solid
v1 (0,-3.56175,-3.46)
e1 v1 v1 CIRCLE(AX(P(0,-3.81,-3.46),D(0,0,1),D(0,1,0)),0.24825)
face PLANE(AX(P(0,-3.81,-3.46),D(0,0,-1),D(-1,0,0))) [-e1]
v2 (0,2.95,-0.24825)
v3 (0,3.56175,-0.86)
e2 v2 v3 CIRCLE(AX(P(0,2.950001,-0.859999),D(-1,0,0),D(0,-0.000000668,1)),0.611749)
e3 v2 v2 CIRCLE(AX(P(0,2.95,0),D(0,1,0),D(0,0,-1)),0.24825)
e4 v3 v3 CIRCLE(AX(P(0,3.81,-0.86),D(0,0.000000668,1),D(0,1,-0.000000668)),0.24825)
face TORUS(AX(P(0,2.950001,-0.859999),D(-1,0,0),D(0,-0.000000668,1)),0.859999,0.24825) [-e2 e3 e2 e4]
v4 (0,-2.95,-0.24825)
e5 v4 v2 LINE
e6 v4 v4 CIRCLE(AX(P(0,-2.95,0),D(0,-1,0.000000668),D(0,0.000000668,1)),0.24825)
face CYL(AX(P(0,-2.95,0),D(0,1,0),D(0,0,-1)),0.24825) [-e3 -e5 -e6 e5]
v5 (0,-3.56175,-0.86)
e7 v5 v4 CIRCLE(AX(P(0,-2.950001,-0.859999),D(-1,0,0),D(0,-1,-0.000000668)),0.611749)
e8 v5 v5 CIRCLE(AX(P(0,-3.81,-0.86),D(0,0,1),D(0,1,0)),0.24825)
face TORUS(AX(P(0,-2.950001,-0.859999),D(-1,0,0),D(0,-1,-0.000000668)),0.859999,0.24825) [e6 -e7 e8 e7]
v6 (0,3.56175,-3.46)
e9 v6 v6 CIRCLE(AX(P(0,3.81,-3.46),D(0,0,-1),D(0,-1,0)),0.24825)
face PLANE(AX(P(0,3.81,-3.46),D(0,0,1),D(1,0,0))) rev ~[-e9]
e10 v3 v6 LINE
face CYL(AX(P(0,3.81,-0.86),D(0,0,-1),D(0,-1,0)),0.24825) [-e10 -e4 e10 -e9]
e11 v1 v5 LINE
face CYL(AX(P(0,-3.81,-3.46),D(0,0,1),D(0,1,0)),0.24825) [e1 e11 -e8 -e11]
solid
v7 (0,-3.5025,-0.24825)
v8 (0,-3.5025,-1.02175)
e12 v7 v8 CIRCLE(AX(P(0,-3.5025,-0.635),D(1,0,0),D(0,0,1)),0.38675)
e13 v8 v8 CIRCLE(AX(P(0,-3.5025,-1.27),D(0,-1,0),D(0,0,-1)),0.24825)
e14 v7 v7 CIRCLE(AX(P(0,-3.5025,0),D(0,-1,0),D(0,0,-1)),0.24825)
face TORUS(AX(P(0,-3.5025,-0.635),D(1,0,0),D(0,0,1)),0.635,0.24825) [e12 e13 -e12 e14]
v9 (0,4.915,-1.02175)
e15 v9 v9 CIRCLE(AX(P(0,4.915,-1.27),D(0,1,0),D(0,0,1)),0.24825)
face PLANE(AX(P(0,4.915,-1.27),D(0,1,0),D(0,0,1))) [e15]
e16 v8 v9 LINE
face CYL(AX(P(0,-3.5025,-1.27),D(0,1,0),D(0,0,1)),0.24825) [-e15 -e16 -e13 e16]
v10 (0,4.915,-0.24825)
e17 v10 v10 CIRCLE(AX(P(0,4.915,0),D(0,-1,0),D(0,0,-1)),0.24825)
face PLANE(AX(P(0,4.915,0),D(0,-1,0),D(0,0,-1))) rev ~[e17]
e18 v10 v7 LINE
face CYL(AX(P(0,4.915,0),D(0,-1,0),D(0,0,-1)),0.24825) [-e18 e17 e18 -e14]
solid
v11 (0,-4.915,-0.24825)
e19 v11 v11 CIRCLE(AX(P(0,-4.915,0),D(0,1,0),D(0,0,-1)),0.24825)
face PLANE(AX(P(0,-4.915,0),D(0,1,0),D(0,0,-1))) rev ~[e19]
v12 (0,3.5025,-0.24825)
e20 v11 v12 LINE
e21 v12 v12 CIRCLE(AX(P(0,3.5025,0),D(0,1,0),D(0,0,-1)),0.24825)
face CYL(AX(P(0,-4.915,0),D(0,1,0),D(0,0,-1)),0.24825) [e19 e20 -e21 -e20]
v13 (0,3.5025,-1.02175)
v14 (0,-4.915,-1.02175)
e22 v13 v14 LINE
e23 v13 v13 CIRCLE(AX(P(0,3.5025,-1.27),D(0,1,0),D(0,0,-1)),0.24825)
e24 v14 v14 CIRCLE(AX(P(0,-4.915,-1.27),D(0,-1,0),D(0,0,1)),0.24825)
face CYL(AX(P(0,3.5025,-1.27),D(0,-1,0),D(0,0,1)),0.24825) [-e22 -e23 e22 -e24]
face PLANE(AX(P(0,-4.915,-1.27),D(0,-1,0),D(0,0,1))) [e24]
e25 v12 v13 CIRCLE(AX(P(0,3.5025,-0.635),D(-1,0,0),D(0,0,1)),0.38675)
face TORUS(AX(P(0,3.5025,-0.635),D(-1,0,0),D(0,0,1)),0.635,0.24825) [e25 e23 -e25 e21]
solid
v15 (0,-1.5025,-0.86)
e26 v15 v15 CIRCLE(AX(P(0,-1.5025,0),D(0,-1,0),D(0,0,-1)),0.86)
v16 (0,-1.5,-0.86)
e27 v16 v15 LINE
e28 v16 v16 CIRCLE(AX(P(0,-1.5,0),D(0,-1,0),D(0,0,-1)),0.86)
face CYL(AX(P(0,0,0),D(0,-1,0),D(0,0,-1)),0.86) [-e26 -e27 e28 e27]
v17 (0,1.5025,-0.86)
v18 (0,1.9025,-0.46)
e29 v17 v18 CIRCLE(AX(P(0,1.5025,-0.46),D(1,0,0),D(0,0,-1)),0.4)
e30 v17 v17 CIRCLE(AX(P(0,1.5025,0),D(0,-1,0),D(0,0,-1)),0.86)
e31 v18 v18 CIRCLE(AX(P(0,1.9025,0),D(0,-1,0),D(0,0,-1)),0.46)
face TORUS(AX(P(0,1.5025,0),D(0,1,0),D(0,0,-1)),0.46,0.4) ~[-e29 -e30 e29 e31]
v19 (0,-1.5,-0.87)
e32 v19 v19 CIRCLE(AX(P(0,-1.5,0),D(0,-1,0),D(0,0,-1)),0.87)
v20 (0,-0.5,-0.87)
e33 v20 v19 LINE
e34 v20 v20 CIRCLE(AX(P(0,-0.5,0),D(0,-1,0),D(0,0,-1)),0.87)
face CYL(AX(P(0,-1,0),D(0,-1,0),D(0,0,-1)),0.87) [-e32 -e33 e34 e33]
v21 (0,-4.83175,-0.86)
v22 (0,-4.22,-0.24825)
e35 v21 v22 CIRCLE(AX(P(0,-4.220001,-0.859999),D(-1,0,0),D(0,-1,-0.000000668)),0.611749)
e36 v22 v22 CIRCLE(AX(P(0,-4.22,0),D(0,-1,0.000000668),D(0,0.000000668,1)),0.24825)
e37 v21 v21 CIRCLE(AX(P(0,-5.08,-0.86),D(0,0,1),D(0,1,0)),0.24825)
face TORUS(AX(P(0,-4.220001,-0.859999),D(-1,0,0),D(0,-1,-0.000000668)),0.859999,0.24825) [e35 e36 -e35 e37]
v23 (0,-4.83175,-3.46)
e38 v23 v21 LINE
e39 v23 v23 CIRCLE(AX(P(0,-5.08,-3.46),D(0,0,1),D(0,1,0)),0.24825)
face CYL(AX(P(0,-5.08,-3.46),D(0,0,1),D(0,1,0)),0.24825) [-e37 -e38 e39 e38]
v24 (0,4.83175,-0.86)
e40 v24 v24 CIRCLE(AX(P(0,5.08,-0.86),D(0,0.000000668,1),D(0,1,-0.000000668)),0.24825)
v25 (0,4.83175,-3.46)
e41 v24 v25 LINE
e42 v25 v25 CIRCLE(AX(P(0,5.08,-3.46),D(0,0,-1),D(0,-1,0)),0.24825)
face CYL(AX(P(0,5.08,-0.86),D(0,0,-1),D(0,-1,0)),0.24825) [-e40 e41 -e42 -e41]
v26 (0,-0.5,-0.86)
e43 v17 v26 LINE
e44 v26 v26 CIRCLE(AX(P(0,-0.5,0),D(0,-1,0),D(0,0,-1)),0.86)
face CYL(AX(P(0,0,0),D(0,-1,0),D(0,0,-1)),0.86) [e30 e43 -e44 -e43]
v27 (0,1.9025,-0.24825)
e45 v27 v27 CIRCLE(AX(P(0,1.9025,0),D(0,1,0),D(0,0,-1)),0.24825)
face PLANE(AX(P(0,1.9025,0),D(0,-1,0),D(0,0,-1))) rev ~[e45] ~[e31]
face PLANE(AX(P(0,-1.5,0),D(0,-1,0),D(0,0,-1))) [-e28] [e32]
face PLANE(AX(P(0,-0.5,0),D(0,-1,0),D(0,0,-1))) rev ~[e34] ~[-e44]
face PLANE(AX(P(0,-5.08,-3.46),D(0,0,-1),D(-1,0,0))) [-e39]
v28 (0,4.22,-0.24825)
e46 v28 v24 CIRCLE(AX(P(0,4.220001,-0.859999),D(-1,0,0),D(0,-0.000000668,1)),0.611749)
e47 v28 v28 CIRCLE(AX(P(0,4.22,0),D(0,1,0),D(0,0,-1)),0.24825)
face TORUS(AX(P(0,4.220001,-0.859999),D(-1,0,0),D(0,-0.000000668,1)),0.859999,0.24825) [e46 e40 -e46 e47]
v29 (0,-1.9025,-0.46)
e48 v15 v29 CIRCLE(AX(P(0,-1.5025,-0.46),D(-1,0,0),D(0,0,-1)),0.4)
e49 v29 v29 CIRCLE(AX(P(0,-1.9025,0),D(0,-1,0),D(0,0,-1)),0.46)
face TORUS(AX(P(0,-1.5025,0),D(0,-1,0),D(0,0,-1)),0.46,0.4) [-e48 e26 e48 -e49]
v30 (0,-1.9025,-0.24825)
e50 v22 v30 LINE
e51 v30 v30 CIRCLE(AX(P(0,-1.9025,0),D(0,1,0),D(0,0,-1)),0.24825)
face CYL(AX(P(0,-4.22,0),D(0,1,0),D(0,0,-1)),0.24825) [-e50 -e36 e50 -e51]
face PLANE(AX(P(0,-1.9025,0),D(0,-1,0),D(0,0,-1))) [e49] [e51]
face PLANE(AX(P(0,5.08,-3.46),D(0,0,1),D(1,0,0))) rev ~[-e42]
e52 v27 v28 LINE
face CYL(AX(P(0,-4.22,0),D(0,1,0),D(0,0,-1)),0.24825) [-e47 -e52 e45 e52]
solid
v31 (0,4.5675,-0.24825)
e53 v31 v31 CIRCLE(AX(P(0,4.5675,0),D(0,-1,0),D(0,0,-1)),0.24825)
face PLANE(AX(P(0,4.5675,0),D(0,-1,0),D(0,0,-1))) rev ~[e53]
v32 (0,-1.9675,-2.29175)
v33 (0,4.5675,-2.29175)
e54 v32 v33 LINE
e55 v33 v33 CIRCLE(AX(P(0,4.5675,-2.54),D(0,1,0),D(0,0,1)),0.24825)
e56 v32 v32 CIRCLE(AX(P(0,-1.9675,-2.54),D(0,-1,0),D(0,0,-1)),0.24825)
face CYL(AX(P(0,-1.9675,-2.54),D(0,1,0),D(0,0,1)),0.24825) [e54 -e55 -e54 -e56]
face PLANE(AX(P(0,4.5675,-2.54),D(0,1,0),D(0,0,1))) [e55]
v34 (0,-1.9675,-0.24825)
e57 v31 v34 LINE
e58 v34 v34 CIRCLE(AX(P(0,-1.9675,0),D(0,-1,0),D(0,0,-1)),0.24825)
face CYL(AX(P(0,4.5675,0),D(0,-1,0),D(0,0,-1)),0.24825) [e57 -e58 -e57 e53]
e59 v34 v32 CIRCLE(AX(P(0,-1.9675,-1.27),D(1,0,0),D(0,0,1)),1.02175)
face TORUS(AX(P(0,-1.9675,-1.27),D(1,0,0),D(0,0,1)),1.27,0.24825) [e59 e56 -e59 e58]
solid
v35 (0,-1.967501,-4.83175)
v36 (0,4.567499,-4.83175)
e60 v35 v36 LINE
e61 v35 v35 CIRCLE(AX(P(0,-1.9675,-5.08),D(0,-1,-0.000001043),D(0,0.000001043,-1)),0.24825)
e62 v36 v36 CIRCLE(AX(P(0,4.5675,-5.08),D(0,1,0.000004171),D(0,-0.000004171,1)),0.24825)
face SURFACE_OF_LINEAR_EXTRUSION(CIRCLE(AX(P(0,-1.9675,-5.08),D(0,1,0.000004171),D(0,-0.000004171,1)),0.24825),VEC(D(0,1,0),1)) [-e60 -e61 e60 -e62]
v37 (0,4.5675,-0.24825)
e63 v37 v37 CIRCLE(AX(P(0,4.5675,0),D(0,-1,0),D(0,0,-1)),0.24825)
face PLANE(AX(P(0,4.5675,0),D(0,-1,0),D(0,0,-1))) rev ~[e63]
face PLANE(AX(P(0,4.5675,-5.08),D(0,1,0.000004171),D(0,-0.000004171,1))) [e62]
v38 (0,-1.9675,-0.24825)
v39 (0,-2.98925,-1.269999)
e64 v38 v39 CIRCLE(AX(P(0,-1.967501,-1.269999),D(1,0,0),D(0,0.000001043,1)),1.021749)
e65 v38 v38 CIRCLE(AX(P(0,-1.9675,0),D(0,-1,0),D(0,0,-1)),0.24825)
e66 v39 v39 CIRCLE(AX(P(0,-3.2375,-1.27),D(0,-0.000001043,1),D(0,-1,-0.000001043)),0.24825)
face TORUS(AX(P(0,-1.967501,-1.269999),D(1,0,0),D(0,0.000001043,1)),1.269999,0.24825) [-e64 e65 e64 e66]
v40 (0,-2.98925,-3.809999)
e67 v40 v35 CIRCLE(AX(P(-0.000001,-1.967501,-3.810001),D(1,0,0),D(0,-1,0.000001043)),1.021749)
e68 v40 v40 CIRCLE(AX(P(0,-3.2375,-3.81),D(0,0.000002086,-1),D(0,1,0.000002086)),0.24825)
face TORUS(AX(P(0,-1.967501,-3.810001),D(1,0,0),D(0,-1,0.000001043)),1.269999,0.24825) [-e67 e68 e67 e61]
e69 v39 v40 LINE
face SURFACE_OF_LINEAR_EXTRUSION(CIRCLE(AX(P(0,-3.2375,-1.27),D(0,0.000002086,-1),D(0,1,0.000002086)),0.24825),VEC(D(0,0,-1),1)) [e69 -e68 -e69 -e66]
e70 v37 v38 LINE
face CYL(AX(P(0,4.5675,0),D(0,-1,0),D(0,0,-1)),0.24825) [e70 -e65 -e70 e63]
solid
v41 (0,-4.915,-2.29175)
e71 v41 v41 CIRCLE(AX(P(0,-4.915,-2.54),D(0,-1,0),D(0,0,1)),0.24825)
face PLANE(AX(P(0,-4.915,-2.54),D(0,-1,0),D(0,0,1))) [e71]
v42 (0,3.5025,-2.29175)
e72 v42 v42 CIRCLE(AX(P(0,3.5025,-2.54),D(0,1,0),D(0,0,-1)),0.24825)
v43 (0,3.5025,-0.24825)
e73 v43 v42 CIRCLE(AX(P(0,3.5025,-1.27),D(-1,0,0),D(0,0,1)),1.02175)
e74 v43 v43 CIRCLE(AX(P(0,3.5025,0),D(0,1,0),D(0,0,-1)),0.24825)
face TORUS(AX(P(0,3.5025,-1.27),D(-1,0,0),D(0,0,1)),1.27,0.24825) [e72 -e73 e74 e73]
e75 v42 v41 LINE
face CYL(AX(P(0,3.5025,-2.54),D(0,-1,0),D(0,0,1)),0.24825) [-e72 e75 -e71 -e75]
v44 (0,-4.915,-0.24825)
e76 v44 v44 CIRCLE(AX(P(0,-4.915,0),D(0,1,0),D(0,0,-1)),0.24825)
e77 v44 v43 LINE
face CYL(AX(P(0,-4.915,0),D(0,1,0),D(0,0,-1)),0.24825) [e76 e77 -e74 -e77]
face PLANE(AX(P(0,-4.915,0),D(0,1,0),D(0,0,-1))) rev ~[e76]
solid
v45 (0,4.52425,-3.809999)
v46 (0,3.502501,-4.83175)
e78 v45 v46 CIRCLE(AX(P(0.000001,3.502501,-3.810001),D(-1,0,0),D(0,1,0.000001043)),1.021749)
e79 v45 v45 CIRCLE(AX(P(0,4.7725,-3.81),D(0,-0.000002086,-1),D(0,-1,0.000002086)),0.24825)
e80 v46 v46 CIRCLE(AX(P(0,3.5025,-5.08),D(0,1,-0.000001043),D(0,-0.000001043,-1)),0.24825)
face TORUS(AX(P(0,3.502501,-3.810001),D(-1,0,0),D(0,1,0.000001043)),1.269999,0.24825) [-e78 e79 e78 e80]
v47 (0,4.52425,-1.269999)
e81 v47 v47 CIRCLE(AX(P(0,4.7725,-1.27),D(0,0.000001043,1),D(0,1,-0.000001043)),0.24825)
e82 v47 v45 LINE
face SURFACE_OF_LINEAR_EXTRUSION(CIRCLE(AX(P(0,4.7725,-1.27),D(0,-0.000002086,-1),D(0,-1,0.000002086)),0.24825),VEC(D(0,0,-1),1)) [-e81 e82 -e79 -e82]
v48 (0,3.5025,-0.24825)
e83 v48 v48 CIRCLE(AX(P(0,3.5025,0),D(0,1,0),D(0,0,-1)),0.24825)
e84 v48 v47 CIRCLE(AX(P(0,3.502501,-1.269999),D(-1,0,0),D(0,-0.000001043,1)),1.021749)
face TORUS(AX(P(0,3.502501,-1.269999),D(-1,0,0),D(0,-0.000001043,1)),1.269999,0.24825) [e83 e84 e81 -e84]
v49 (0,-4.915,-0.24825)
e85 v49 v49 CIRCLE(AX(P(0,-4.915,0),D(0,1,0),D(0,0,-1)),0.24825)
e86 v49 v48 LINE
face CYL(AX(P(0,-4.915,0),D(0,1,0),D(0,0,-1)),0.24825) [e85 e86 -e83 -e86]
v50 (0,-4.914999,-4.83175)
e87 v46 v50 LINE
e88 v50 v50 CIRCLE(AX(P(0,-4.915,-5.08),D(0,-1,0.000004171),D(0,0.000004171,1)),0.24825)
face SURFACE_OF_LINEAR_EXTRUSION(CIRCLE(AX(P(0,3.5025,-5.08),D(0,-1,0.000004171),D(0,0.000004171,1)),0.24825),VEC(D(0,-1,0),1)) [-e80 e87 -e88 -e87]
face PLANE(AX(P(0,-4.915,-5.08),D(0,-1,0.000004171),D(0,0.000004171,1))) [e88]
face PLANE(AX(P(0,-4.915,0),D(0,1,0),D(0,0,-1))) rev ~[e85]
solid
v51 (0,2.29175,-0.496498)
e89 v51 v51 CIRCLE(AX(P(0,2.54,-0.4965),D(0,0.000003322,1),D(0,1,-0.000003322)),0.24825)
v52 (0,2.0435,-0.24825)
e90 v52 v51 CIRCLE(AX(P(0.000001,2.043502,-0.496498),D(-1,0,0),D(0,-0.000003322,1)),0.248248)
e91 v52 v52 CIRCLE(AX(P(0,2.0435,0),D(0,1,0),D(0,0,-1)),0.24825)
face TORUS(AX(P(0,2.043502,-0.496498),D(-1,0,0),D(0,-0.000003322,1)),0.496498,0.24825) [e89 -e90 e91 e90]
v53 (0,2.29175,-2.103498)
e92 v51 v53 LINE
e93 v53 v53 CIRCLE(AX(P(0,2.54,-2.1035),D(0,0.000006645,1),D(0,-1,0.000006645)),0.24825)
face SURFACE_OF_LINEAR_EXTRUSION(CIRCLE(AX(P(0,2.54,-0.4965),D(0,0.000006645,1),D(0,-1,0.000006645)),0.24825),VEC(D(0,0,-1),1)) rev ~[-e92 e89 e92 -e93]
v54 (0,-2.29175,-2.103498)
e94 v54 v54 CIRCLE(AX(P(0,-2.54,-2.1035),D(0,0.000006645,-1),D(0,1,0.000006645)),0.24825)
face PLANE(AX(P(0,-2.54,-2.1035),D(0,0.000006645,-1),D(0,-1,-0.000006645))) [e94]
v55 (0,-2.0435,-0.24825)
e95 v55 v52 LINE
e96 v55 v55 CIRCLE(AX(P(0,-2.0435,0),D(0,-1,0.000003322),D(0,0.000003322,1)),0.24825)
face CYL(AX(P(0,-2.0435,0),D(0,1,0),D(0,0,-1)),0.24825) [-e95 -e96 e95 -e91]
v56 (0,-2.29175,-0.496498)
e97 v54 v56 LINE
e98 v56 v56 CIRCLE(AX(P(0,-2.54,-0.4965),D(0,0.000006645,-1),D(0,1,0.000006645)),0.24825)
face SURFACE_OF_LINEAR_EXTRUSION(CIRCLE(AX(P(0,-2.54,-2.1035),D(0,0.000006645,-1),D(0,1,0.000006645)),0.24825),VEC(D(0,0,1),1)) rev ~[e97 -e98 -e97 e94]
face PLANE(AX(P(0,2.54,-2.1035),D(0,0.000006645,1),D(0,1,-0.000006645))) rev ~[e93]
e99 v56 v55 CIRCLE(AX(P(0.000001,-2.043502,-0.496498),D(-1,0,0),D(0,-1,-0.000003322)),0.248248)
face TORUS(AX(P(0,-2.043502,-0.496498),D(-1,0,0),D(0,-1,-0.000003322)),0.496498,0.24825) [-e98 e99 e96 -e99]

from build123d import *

# Parameters (mm, degrees)
SKETCH003_R             = 0.24825
SKETCH007_R             = 0.24825
SKETCH009_R             = 0.24825
SKETCH011_R             = 0.24825
BODY006_PLACEMENT_ANGLE = 180
SKETCH013_R             = 0.24825
BODY007_PLACEMENT_ANGLE = 180
SKETCH015_R             = 0.24825
SKETCH017_R             = 0.24825
SKETCH019_R             = 0.24825
BODY010_PLACEMENT_ANGLE = 180
SKETCH_R                = 0.86
PAD_DEPTH               = 1.9025
FILLET_R                = 0.4
SKETCH005_R             = 0.24825
SKETCH001_R             = 0.87
PAD001_DEPTH            = 0.5


with BuildPart() as body002:
    # AdditivePipe: sweep along a path in Sketch002
    with BuildLine(Plane.YZ) as additivepipe_path:
        Line((-3.81, -3.46), (-3.81, -0.86))
        ThreePointArc((-3.81, -0.86), (-3.558112, -0.251888), (-2.95, 0))
        Line((-2.95, 0), (2.95, 0))
        ThreePointArc((2.95, 0), (3.558112, -0.251888), (3.81, -0.86))
        Line((3.81, -0.86), (3.81, -3.46))
    # Sketch003 → AdditivePipe (sweep)
    with BuildSketch(Plane(origin=(0, 0, 0), x_dir=(0, 0, -1), z_dir=(0, -1, 0))):
        Circle(SKETCH003_R)
    sweep(path=additivepipe_path.line)


with BuildPart() as body004:
    # AdditivePipe002: sweep along a path in Sketch006
    with BuildLine(Plane.YZ) as additivepipe002_path:
        Line((4.5675, 0), (-1.9675, 0))
        ThreePointArc((-1.9675, 0), (-3.2375, -1.27), (-1.9675, -2.54))
        Line((-1.9675, -2.54), (4.5675, -2.54))
    # Sketch007 → AdditivePipe002 (sweep)
    with BuildSketch(Plane(origin=(0, 0, 0), x_dir=(0, 0, -1), z_dir=(0, -1, 0))):
        Circle(SKETCH007_R)
    sweep(path=additivepipe002_path.line)


with BuildPart() as body005:
    # AdditivePipe003: sweep along a path in Sketch008
    with BuildLine(Plane.YZ) as additivepipe003_path:
        Line((4.5675, 0), (-1.9675, 0))
        ThreePointArc((-1.9675, 0), (-2.865526, -0.371974), (-3.2375, -1.27))
        Line((-3.2375, -1.27), (-3.2375, -3.81))
        ThreePointArc((-3.2375, -3.81), (-2.865526, -4.708026), (-1.9675, -5.08))
        Line((-1.9675, -5.08), (4.5675, -5.08))
    # Sketch009 → AdditivePipe003 (sweep)
    with BuildSketch(Plane(origin=(0, 0, 0), x_dir=(0, 0, -1), z_dir=(0, -1, 0))):
        Circle(SKETCH009_R)
    sweep(path=additivepipe003_path.line)


with BuildPart() as body006:
    # AdditivePipe004: sweep along a path in Sketch010
    with BuildLine(Plane.YZ) as additivepipe004_path:
        Line((4.915, 0), (-3.5025, 0))
        ThreePointArc((-3.5025, 0), (-4.7725, -1.27), (-3.5025, -2.54))
        Line((-3.5025, -2.54), (4.915, -2.54))
    # Sketch011 → AdditivePipe004 (sweep)
    with BuildSketch(Plane(origin=(0, 0, 0), x_dir=(0, 0, -1), z_dir=(0, -1, 0))):
        Circle(SKETCH011_R)
    sweep(path=additivepipe004_path.line)


with BuildPart() as body006_1:
    # Body006 placement: moved
    add(body006.part.rotate(Axis((0, 0, 0), (0, 0, 1)), BODY006_PLACEMENT_ANGLE))


with BuildPart() as body007:
    # AdditivePipe005: sweep along a path in Sketch012
    with BuildLine(Plane.YZ) as additivepipe005_path:
        Line((4.915, 0), (-3.5025, 0))
        ThreePointArc((-3.5025, 0), (-4.400526, -0.371974), (-4.7725, -1.27))
        Line((-4.7725, -1.27), (-4.7725, -3.81))
        ThreePointArc((-4.7725, -3.81), (-4.400526, -4.708026), (-3.5025, -5.08))
        Line((-3.5025, -5.08), (4.915, -5.08))
    # Sketch013 → AdditivePipe005 (sweep)
    with BuildSketch(Plane(origin=(0, 0, 0), x_dir=(0, 0, -1), z_dir=(0, -1, 0))):
        Circle(SKETCH013_R)
    sweep(path=additivepipe005_path.line)


with BuildPart() as body007_1:
    # Body007 placement: moved
    add(body007.part.rotate(Axis((0, 0, 0), (0, 0, 1)), BODY007_PLACEMENT_ANGLE))


with BuildPart() as body008:
    # AdditivePipe006: sweep along a path in Sketch014
    with BuildLine(Plane.YZ) as additivepipe006_path:
        Line((-2.54, -2.1035), (-2.54, -0.4965))
        ThreePointArc((-2.54, -0.4965), (-2.394579, -0.145421), (-2.0435, 0))
        Line((-2.0435, 0), (2.0435, 0))
        ThreePointArc((2.0435, 0), (2.394579, -0.145421), (2.54, -0.4965))
        Line((2.54, -0.4965), (2.54, -2.1035))
    # Sketch015 → AdditivePipe006 (sweep)
    with BuildSketch(Plane(origin=(0, 0, 0), x_dir=(0, 0, -1), z_dir=(0, -1, 0))):
        Circle(SKETCH015_R)
    sweep(path=additivepipe006_path.line)


with BuildPart() as body009:
    # AdditivePipe007: sweep along a path in Sketch016
    with BuildLine(Plane.YZ) as additivepipe007_path:
        Line((4.915, 0), (-3.5025, 0))
        ThreePointArc((-3.5025, 0), (-4.1375, -0.635), (-3.5025, -1.27))
        Line((-3.5025, -1.27), (4.915, -1.27))
    # Sketch017 → AdditivePipe007 (sweep)
    with BuildSketch(Plane(origin=(0, 0, 0), x_dir=(0, 0, -1), z_dir=(0, -1, 0))):
        Circle(SKETCH017_R)
    sweep(path=additivepipe007_path.line)


with BuildPart() as body010:
    # AdditivePipe008: sweep along a path in Sketch018
    with BuildLine(Plane.YZ) as additivepipe008_path:
        Line((4.915, 0), (-3.5025, 0))
        ThreePointArc((-3.5025, 0), (-4.1375, -0.635), (-3.5025, -1.27))
        Line((-3.5025, -1.27), (4.915, -1.27))
    # Sketch019 → AdditivePipe008 (sweep)
    with BuildSketch(Plane(origin=(0, 0, 0), x_dir=(0, 0, -1), z_dir=(0, -1, 0))):
        Circle(SKETCH019_R)
    sweep(path=additivepipe008_path.line)


with BuildPart() as body010_1:
    # Body010 placement: moved
    add(body010.part.rotate(Axis((0, 0, 0), (0, 0, 1)), BODY010_PLACEMENT_ANGLE))


with BuildPart() as body:
    # Sketch → Pad (new body, symmetric)
    with BuildSketch(Plane(origin=(0, 0, 0), x_dir=(0, 0, -1), z_dir=(0, -1, 0))):
        Circle(SKETCH_R)
    extrude(amount=PAD_DEPTH, both=True)

    # Fillet
    fillet_edges = [body.edges().sort_by_distance(p)[0] for p in [
        (0, 1.9025, 0.86),
        (0, -1.9025, 0.86),
    ]]
    fillet(fillet_edges, radius=FILLET_R)


with BuildPart() as body003:
    # AdditivePipe001: sweep along a path in Sketch004
    with BuildLine(Plane.YZ) as additivepipe001_path:
        Line((-5.08, -3.46), (-5.08, -0.86))
        ThreePointArc((-5.08, -0.86), (-4.828112, -0.251888), (-4.22, 0))
        Line((-4.22, 0), (4.22, 0))
        ThreePointArc((4.22, 0), (4.828112, -0.251888), (5.08, -0.86))
        Line((5.08, -0.86), (5.08, -3.46))
    # Sketch005 → AdditivePipe001 (sweep)
    with BuildSketch(Plane(origin=(0, 0, 0), x_dir=(0, 0, -1), z_dir=(0, -1, 0))):
        Circle(SKETCH005_R)
    sweep(path=additivepipe001_path.line)


with BuildPart() as fusion:
    # Sketch001 → Pad001 (new body, symmetric)
    with BuildSketch(Plane(origin=(0, -1, 0), x_dir=(0, 0, -1), z_dir=(0, -1, 0))):
        Circle(SKETCH001_R)
    extrude(amount=PAD001_DEPTH, both=True)

    # Fusion: union Body, Body003
    add(body.part)
    add(body003.part)


solid = Compound([body002.part, body004.part, body005.part, body006_1.part, body007_1.part, body008.part, body009.part, body010_1.part, fusion.part])
